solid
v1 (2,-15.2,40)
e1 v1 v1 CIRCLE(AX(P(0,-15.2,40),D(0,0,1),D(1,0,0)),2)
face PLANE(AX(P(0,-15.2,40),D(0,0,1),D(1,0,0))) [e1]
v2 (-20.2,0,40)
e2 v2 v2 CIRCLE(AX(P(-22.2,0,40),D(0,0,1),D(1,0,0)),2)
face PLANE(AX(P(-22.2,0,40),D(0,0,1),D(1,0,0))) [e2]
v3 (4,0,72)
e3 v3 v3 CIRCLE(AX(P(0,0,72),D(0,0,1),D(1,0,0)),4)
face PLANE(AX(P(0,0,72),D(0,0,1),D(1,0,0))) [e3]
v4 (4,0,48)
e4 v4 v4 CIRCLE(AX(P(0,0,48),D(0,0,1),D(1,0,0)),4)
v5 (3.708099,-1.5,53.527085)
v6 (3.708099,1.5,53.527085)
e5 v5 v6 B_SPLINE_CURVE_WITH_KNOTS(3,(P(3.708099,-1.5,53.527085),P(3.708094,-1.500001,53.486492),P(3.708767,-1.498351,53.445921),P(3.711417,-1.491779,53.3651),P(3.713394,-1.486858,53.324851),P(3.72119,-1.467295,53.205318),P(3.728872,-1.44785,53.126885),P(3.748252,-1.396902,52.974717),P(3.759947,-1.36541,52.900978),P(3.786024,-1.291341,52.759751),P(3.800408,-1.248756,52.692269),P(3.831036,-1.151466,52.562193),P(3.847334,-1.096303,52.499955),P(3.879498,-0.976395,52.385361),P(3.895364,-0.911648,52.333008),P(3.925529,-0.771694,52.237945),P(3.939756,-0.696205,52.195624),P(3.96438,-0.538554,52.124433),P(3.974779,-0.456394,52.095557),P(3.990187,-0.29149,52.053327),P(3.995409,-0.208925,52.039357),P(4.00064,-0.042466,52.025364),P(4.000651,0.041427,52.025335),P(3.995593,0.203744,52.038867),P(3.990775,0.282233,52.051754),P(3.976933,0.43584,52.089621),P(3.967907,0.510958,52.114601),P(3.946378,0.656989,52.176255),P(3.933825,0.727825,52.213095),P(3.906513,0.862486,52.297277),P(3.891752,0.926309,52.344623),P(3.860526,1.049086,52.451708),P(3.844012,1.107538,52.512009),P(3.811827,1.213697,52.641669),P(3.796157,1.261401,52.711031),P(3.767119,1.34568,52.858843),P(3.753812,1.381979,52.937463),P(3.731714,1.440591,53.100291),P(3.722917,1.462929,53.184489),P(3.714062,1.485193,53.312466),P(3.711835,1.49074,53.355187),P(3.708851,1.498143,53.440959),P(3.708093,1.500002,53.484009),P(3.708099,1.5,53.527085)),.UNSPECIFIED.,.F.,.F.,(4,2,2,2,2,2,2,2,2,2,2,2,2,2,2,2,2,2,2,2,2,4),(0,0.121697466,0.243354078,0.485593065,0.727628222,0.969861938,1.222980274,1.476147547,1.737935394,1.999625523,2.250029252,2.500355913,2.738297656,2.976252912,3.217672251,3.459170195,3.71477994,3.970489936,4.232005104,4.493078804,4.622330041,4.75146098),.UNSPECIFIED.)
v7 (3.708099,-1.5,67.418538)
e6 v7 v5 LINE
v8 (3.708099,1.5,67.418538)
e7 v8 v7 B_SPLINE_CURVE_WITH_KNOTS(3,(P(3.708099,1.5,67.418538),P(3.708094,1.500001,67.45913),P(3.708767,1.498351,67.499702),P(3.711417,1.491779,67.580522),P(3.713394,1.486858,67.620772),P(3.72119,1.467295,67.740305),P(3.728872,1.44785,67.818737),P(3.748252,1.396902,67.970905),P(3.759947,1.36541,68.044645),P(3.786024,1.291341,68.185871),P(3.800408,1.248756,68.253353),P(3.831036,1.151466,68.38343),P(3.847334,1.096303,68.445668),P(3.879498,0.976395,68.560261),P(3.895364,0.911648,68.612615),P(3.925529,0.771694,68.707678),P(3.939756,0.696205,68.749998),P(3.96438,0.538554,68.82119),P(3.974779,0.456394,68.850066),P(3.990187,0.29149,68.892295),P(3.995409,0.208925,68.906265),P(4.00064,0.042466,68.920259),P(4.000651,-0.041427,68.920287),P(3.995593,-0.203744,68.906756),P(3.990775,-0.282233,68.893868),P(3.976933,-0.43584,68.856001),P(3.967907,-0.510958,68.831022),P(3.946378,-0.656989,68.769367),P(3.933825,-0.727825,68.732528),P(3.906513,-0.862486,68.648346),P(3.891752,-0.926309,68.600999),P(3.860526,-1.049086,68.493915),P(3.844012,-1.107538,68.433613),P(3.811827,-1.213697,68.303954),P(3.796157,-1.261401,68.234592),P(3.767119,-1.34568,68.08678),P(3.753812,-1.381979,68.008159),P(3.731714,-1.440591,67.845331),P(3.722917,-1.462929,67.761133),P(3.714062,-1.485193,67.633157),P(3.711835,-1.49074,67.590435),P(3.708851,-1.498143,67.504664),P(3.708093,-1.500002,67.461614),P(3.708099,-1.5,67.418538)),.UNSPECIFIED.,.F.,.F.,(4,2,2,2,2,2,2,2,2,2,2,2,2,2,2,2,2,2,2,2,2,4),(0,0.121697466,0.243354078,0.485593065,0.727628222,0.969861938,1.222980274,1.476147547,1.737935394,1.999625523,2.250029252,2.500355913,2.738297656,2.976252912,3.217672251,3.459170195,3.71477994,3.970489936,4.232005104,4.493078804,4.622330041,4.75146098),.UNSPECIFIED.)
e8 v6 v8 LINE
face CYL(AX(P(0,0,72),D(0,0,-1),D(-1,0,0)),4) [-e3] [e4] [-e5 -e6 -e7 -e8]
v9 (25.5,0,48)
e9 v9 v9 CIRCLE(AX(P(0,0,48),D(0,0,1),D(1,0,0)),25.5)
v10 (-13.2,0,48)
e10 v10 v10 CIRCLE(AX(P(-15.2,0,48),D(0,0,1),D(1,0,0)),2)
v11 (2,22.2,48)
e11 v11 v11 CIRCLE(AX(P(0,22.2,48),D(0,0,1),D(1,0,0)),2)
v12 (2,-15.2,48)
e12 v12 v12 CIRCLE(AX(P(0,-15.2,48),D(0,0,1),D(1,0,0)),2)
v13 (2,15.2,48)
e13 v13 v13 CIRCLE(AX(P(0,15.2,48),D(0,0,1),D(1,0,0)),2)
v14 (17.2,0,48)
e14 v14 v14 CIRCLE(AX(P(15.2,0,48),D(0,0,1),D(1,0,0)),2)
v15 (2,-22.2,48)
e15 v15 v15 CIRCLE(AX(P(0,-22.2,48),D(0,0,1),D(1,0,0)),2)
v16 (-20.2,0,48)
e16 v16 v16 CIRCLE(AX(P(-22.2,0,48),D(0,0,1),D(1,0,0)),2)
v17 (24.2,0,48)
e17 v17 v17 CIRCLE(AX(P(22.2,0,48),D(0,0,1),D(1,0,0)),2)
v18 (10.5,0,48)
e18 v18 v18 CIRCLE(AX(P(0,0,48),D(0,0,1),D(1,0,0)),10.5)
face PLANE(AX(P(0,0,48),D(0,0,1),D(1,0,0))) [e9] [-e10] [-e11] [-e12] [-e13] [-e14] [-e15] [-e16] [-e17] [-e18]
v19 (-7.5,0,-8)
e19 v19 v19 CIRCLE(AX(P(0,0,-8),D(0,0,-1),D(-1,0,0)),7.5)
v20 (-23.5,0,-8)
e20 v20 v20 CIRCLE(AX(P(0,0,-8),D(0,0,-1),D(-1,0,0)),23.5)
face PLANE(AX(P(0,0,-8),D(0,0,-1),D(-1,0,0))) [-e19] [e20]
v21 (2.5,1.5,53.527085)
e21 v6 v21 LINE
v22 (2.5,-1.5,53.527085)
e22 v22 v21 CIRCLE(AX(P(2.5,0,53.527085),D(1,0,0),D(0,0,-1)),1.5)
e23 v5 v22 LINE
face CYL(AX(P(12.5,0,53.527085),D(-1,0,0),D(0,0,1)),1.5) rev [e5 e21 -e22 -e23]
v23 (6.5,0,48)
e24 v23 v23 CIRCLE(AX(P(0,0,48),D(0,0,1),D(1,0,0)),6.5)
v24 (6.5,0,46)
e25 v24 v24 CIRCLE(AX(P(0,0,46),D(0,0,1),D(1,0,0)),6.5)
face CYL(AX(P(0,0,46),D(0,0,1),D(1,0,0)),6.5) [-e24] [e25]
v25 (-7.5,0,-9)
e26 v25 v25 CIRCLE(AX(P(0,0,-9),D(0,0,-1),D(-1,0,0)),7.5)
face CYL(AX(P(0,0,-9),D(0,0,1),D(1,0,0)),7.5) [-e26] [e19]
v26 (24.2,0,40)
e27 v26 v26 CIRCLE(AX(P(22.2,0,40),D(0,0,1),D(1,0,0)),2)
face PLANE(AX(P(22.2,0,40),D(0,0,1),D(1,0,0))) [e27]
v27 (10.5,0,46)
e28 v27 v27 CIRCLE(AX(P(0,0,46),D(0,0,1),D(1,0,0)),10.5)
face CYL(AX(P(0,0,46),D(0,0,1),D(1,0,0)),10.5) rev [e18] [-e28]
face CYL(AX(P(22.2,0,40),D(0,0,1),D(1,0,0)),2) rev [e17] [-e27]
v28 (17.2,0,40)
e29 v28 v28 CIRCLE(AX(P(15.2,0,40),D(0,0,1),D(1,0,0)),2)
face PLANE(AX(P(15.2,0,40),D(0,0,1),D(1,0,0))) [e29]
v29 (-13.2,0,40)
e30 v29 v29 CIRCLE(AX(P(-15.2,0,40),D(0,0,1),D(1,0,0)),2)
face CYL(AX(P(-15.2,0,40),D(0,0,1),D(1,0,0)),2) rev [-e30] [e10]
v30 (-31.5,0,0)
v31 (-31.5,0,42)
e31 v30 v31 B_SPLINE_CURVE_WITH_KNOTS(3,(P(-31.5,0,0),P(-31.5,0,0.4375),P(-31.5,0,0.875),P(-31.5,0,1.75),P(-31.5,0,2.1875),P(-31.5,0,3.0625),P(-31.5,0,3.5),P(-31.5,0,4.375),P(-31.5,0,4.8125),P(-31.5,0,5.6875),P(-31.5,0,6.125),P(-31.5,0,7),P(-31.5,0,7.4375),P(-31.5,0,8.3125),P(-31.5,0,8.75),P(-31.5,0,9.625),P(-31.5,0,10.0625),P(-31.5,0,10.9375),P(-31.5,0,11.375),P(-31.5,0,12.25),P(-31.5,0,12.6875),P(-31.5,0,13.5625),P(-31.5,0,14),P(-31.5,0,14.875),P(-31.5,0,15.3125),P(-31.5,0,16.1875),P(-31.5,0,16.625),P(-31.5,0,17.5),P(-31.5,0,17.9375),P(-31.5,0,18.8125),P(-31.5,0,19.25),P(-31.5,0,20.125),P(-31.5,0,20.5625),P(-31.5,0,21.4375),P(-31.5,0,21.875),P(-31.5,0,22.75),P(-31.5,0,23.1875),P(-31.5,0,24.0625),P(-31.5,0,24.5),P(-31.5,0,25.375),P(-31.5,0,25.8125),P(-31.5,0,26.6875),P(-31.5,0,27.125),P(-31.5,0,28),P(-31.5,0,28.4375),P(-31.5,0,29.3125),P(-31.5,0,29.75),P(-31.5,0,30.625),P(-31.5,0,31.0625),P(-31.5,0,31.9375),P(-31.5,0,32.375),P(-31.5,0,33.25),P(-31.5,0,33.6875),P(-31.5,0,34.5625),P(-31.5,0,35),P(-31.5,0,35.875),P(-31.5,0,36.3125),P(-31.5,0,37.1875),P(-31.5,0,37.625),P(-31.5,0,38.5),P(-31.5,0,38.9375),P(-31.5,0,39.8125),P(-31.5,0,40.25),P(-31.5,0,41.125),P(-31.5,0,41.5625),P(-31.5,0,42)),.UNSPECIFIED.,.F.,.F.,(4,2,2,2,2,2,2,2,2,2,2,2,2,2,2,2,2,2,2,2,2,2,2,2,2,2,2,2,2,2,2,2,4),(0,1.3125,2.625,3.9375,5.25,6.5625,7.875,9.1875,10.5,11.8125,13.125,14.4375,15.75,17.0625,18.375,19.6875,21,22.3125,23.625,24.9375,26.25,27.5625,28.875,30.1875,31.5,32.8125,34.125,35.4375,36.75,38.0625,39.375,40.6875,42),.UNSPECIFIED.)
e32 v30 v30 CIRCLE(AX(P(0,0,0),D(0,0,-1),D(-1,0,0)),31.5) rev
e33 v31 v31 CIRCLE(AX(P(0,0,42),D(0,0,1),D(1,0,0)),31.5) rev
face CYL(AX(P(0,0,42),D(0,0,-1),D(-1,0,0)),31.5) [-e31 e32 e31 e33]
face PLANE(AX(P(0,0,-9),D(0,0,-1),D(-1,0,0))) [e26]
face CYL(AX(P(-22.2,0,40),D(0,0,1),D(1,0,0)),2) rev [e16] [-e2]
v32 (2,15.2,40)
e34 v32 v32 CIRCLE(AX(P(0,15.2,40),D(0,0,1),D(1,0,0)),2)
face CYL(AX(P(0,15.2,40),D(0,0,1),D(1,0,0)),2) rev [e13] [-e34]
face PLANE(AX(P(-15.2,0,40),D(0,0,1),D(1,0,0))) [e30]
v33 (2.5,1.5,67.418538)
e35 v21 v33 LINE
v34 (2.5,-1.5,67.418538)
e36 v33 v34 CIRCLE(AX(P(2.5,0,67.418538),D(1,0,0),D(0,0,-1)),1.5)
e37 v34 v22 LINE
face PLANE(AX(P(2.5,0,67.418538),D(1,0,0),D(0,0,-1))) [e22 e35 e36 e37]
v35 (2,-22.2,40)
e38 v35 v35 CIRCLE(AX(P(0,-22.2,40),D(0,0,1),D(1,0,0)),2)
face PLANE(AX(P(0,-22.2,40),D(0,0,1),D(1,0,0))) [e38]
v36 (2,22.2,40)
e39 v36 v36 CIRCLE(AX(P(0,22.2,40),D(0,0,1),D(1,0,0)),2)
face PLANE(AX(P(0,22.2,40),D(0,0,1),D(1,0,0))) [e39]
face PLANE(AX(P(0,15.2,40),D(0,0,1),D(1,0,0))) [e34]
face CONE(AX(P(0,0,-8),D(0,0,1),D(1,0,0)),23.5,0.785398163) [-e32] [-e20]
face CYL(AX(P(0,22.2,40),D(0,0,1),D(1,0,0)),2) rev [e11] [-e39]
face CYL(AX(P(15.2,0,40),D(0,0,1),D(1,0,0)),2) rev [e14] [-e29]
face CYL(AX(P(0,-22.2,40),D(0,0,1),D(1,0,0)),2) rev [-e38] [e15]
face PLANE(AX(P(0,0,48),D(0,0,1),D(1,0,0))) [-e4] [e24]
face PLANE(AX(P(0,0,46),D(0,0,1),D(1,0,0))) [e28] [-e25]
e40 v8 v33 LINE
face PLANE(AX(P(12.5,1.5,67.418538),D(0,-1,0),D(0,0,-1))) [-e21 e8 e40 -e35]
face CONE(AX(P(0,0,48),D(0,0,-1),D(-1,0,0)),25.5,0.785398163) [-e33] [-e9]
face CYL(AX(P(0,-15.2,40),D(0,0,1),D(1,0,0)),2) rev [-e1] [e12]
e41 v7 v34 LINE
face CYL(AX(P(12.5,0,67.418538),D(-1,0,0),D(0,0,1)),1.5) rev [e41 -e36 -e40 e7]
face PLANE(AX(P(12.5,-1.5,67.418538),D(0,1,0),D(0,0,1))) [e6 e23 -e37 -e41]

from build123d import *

# Parameters (mm, degrees)
SKETCH1_R           = 31.5
BOSS_EXTRUDE1_DEPTH = 42
SKETCH2_R           = 31.5
BOSS_EXTRUDE2_DEPTH = 6
CHAMFER1_SIZE       = 6
SKETCH4_R           = 31.5
BOSS_EXTRUDE3_DEPTH = 8
CHAMFER2_SIZE       = 8
SKETCH6_R           = 7.5
BOSS_EXTRUDE4_DEPTH = 1
SKETCH7_R           = 4
BOSS_EXTRUDE5_DEPTH = 24
SKETCH10_R          = 2
CUT_EXTRUDE4_DEPTH  = 8
CUT_EXTRUDE5_DEPTH  = 10
SKETCH12_R          = 10.5
SKETCH12_R_2        = 6.5
CUT_EXTRUDE6_DEPTH  = 2


with BuildPart() as part:
    # Sketch1 → Boss-Extrude1 (new body)
    with BuildSketch(Plane.XY):
        with Locations(Location((0, 0, 0), (0, 0, 180))):
            Circle(SKETCH1_R)
    extrude(amount=BOSS_EXTRUDE1_DEPTH)

    # Sketch2 → Boss-Extrude2 (add)
    with BuildSketch(Plane.XY.offset(42)):
        with Locations(Location((0, 0, 0), (0, 0, 180))):
            Circle(SKETCH2_R)
    extrude(amount=BOSS_EXTRUDE2_DEPTH)

    # Chamfer1
    chamfer1_edges = [part.edges().sort_by_distance(p)[0] for p in [
        (31.5, 0, 48),
    ]]
    chamfer(chamfer1_edges, length=CHAMFER1_SIZE)

    # Sketch4 → Boss-Extrude3 (add)
    with BuildSketch(Plane(origin=(0, 0, 0), x_dir=(-1, 0, 0), z_dir=(0, 0, -1))):
        Circle(SKETCH4_R)
    extrude(amount=BOSS_EXTRUDE3_DEPTH)

    # Chamfer2
    chamfer2_edges = [part.edges().sort_by_distance(p)[0] for p in [
        (31.5, 0, -8),
    ]]
    chamfer(chamfer2_edges, length=CHAMFER2_SIZE)

    # Sketch6 → Boss-Extrude4 (add)
    with BuildSketch(Plane(origin=(0, 0, -8), x_dir=(-1, 0, 0), z_dir=(0, 0, -1))):
        Circle(SKETCH6_R)
    extrude(amount=BOSS_EXTRUDE4_DEPTH)

    # Sketch7 → Boss-Extrude5 (add)
    with BuildSketch(Plane.XY.offset(48)):
        Circle(SKETCH7_R)
    extrude(amount=BOSS_EXTRUDE5_DEPTH)

    # Sketch10 → Cut-Extrude4 (cut)
    with BuildSketch(Plane.XY.offset(48)):
        with Locations((0, 15.2)):
            Circle(SKETCH10_R)
        with Locations((0, 22.2)):
            Circle(SKETCH10_R)
        with Locations((22.2, 0)):
            Circle(SKETCH10_R)
        with Locations((15.2, 0)):
            Circle(SKETCH10_R)
        with Locations((0, -22.2)):
            Circle(SKETCH10_R)
        with Locations((0, -15.2)):
            Circle(SKETCH10_R)
        with Locations((-22.2, 0)):
            Circle(SKETCH10_R)
        with Locations((-15.2, 0)):
            Circle(SKETCH10_R)
    extrude(amount=-CUT_EXTRUDE4_DEPTH, mode=Mode.SUBTRACT)

    # Sketch11 → Cut-Extrude5 (cut)
    with BuildSketch(Plane(origin=(2.5, 0, 0), x_dir=(0, 0, -1), z_dir=(1, 0, 0))):
        with BuildLine():
            Line((-67.418537693, 1.5), (-53.527084748, 1.5))
            ThreePointArc((-53.527084748, 1.5), (-52.027084748, 0), (-53.527084748, -1.5))
            Line((-53.527084748, -1.5), (-67.418537693, -1.5))
            ThreePointArc((-67.418537693, -1.5), (-68.918537693, 0), (-67.418537693, 1.5))
        make_face()
    extrude(amount=CUT_EXTRUDE5_DEPTH, mode=Mode.SUBTRACT)

    # Sketch12 → Cut-Extrude6 (cut)
    with BuildSketch(Plane.XY.offset(48)):
        Circle(SKETCH12_R)
        Circle(SKETCH12_R_2, mode=Mode.SUBTRACT)
    extrude(amount=-CUT_EXTRUDE6_DEPTH, mode=Mode.SUBTRACT)


solid = part.part
